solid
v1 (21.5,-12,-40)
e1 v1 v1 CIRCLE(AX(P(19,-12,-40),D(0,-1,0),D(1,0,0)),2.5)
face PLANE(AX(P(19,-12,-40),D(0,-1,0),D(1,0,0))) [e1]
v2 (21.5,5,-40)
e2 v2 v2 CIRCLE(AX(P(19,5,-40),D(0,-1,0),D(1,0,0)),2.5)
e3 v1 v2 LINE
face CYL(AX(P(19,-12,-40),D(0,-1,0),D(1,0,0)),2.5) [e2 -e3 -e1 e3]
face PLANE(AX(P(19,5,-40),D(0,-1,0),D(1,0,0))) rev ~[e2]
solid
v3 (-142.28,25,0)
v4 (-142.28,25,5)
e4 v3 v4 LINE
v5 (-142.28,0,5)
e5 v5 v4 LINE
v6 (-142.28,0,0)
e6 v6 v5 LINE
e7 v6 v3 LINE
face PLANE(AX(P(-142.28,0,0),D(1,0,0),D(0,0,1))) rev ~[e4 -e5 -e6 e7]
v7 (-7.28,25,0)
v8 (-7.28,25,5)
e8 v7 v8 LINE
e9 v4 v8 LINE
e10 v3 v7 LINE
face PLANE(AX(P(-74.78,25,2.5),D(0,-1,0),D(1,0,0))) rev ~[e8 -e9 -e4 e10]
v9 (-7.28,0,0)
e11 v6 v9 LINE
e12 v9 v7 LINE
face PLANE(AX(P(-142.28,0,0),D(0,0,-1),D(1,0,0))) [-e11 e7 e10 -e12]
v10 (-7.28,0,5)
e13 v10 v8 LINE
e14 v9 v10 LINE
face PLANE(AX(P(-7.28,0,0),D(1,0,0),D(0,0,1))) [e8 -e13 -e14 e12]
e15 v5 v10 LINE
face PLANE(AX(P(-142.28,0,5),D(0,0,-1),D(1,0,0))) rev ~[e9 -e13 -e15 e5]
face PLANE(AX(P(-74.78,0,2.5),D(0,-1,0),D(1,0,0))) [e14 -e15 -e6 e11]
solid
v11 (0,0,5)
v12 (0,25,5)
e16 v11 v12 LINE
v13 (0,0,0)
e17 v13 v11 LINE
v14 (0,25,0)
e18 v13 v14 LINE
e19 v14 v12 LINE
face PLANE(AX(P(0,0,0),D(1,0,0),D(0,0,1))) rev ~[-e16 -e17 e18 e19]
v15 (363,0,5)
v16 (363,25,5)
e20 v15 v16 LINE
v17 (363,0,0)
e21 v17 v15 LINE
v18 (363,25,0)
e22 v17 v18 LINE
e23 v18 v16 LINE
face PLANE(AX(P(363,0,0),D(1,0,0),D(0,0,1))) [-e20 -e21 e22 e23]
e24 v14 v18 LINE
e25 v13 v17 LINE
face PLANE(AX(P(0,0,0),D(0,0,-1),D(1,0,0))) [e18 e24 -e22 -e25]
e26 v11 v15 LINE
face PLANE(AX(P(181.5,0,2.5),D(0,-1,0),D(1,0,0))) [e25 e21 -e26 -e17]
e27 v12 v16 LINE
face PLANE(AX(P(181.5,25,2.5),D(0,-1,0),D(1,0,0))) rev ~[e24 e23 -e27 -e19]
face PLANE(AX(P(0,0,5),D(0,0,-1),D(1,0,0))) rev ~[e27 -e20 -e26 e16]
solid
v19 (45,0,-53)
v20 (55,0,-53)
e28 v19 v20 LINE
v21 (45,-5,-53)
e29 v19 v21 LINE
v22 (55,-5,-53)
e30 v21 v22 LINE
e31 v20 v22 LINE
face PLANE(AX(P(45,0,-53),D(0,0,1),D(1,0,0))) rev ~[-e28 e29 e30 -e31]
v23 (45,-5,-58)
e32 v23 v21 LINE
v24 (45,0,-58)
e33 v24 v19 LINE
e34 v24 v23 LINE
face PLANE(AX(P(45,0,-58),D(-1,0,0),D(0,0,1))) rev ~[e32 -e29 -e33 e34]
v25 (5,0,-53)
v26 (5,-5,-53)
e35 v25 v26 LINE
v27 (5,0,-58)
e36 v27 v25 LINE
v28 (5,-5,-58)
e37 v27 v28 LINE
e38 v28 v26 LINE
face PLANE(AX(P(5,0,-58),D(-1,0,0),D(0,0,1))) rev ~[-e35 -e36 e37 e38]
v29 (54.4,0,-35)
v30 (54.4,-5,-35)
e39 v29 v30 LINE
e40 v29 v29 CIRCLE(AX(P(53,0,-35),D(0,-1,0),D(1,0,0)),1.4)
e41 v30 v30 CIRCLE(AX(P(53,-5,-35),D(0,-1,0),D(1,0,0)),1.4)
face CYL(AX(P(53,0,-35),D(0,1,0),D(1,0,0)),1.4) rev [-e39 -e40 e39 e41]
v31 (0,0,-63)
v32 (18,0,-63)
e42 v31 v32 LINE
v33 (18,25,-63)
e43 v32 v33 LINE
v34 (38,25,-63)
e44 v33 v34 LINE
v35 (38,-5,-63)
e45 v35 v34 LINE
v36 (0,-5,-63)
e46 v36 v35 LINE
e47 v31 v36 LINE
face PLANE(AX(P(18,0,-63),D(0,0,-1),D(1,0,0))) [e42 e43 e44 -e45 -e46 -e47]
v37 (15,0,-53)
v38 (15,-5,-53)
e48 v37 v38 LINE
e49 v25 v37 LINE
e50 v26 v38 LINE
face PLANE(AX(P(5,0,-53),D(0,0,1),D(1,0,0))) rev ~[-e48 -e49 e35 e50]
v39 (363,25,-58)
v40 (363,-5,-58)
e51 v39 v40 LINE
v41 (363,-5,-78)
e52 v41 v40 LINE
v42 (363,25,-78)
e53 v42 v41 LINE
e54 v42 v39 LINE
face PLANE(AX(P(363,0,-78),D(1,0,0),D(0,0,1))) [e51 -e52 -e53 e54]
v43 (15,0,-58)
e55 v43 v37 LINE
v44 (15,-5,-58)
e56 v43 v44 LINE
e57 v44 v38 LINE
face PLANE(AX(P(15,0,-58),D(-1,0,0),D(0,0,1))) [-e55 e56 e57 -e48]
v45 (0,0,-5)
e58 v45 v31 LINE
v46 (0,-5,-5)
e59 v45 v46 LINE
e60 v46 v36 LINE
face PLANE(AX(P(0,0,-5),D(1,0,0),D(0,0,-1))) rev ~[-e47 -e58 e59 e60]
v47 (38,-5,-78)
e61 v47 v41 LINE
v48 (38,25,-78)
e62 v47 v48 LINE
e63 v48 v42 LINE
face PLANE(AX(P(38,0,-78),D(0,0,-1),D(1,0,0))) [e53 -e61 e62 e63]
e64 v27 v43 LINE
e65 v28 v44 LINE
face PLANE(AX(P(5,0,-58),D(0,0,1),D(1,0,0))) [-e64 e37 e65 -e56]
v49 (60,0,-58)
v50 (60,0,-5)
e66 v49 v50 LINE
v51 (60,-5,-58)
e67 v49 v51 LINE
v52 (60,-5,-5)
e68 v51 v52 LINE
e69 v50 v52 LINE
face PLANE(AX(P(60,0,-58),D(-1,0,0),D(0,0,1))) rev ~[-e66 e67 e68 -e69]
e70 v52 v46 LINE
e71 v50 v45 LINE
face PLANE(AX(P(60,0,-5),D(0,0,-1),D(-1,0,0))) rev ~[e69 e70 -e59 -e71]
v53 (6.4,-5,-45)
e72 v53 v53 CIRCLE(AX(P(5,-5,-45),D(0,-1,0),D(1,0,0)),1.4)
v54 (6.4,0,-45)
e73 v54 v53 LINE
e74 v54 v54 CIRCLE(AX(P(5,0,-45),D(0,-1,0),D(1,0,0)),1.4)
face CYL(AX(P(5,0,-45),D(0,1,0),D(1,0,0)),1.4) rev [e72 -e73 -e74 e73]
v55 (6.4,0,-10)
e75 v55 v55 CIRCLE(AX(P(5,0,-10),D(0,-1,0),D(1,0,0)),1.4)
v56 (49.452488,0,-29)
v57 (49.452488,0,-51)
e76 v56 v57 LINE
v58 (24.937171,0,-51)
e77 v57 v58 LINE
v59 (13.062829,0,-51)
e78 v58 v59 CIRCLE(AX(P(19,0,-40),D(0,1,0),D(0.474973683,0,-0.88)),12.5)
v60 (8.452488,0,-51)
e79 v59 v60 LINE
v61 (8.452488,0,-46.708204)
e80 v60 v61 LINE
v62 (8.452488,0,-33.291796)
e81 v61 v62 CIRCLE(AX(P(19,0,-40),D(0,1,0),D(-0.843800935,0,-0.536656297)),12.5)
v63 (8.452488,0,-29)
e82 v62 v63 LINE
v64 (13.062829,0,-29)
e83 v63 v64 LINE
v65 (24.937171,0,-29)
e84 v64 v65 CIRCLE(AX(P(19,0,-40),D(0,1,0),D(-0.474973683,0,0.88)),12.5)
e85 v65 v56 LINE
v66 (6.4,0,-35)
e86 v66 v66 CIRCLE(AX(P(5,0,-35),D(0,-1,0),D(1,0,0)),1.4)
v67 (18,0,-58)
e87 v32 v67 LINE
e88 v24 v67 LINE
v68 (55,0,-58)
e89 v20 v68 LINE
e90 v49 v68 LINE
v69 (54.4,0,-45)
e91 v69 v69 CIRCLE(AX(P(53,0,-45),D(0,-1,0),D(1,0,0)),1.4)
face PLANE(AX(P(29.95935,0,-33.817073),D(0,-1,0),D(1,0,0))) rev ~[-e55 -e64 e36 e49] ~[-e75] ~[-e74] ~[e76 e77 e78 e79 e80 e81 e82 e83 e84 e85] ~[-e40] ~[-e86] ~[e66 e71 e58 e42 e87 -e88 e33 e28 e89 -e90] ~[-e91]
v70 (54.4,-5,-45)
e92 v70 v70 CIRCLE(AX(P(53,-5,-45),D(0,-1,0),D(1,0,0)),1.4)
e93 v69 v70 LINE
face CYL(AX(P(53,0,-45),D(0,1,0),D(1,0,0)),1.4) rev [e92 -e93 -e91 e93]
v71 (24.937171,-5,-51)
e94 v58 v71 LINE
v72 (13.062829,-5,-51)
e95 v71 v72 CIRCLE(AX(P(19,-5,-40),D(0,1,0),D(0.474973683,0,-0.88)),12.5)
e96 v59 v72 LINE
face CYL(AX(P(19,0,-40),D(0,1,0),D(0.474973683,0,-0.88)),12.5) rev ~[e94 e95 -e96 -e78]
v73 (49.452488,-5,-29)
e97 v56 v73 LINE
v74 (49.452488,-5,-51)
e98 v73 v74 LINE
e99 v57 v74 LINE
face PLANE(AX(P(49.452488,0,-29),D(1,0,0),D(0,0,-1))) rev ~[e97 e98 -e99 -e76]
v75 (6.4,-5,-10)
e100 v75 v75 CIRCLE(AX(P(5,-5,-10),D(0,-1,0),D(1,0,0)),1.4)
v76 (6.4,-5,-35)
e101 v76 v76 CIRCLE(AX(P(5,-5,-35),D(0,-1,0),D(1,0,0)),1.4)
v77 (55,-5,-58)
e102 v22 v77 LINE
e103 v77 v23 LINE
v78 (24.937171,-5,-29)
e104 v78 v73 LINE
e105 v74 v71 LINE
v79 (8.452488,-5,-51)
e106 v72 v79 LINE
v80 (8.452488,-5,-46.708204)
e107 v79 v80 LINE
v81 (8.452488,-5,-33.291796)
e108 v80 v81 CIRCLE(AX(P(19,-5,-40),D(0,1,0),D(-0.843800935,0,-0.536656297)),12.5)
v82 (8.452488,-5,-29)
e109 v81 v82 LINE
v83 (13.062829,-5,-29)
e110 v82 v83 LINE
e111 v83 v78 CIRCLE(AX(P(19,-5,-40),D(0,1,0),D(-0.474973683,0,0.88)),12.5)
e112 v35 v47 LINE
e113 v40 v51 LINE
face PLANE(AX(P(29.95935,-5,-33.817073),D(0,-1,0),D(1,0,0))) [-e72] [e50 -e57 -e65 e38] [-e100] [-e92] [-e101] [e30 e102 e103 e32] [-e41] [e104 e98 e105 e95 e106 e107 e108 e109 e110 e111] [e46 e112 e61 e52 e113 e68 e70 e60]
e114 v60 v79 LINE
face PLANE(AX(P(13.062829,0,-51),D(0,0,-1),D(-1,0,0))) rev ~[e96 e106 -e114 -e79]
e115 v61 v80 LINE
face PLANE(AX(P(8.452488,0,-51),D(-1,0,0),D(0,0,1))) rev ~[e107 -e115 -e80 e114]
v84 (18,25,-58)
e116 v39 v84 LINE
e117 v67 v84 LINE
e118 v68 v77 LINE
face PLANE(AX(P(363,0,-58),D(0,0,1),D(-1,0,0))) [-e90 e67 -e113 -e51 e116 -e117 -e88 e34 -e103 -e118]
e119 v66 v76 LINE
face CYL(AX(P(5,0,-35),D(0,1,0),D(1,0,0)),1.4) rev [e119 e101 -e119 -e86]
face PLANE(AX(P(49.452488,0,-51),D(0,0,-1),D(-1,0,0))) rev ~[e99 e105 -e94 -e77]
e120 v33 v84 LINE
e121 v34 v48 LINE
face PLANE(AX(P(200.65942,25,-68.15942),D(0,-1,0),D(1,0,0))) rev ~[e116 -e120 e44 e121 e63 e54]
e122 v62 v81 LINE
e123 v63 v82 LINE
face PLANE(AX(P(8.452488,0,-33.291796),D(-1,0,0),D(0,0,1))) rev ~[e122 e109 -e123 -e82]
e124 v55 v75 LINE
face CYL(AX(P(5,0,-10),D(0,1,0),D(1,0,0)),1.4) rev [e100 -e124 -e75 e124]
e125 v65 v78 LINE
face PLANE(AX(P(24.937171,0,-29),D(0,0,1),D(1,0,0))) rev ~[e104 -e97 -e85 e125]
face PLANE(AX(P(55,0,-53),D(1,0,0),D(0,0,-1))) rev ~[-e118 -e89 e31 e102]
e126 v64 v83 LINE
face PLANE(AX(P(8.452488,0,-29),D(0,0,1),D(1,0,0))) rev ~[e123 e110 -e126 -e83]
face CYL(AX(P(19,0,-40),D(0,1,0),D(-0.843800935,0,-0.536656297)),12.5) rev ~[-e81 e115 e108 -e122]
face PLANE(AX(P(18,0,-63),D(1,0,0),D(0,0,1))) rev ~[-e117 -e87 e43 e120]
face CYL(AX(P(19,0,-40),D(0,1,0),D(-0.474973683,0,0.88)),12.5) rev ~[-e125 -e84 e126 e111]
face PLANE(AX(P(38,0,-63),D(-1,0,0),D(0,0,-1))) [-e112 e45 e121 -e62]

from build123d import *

# Parameters (mm, degrees)
F0_W     = 10
F0_H     = 5
F0_R     = 1.4
F0_W_2   = 20
F1_DEPTH = 5
F0_W_3   = 135
F2_DEPTH = 25
F0_W_4   = 363
F4_R     = 2.5
F5_DEPTH = 17


with BuildPart() as f1:
    # F0 (on Front) → F1 (new body)
    with BuildSketch(Plane.XZ):
        Polygon((55, -58), (60, -58), (60, -5), (0, -5), (0, -63), (18, -63), (18, -58), (38, -58), (45, -58), (45, -53), (55, -53), align=None)
        with Locations((10, -55.5)):
            Rectangle(F0_W, F0_H, mode=Mode.SUBTRACT)
        with Locations((5, -45)):
            Circle(F0_R, mode=Mode.SUBTRACT)
        with BuildLine():
            Line((8.4524883067, -33.2917962852), (8.4524883067, -29))
            Line((8.4524883067, -29), (13.0628289565, -29))
            ThreePointArc((13.0628289565, -29), (19, -27.5), (24.9371710435, -29))
            Line((24.9371710435, -29), (49.4524883067, -29))
            Line((49.4524883067, -29), (49.4524883067, -51))
            Line((49.4524883067, -51), (24.9371710435, -51))
            ThreePointArc((24.9371710435, -51), (19, -52.5), (13.0628289565, -51))
            Line((13.0628289565, -51), (8.4524883067, -51))
            Line((8.4524883067, -51), (8.4524883067, -46.7082037148))
            ThreePointArc((8.4524883067, -46.7082037148), (6.5, -40), (8.4524883067, -33.2917962852))
        make_face(mode=Mode.SUBTRACT)
        with Locations((53, -45)):
            Circle(F0_R, mode=Mode.SUBTRACT)
        with Locations((5, -35)):
            Circle(F0_R, mode=Mode.SUBTRACT)
        with Locations((53, -35)):
            Circle(F0_R, mode=Mode.SUBTRACT)
        with Locations((5, -10)):
            Circle(F0_R, mode=Mode.SUBTRACT)
        with Locations((28, -60.5)):
            Rectangle(F0_W_2, F0_H)
        Polygon((38, -58), (38, -63), (60, -63), (60, -58), (55, -58), (45, -58), align=None)
        Polygon((38, -78), (363, -78), (363, -58), (60, -58), (60, -63), (38, -63), align=None)
    extrude(amount=F1_DEPTH)

    # F0 (on Front) → F2, piece 3 (join)
    with BuildSketch(Plane.XZ):
        Polygon((38, -78), (363, -78), (363, -58), (60, -58), (60, -63), (38, -63), align=None)
        Polygon((38, -58), (38, -63), (60, -63), (60, -58), (55, -58), (45, -58), align=None)
        with Locations((28, -60.5)):
            Rectangle(F0_W_2, F0_H)
    extrude(amount=-F2_DEPTH)


with BuildPart() as f2:
    # F0 (on Front) → F2 (new body)
    with BuildSketch(Plane.XZ):
        with Locations((-74.78, 2.5)):
            Rectangle(F0_W_3, F0_H)
    extrude(amount=-F2_DEPTH)


with BuildPart() as f2b:
    # F0 (on Front) → F2, piece 2 (new body)
    with BuildSketch(Plane.XZ):
        with Locations((181.5, 2.5)):
            Rectangle(F0_W_4, F0_H)
    extrude(amount=-F2_DEPTH)


with BuildPart() as f5:
    # F4 (on offset) → F5 (new body)
    with BuildSketch(Plane.XZ.offset(12)):
        with Locations((19, -40)):
            Circle(F4_R)
    extrude(amount=-F5_DEPTH)


solid = Compound([f1.part, f2.part, f2b.part, f5.part])
